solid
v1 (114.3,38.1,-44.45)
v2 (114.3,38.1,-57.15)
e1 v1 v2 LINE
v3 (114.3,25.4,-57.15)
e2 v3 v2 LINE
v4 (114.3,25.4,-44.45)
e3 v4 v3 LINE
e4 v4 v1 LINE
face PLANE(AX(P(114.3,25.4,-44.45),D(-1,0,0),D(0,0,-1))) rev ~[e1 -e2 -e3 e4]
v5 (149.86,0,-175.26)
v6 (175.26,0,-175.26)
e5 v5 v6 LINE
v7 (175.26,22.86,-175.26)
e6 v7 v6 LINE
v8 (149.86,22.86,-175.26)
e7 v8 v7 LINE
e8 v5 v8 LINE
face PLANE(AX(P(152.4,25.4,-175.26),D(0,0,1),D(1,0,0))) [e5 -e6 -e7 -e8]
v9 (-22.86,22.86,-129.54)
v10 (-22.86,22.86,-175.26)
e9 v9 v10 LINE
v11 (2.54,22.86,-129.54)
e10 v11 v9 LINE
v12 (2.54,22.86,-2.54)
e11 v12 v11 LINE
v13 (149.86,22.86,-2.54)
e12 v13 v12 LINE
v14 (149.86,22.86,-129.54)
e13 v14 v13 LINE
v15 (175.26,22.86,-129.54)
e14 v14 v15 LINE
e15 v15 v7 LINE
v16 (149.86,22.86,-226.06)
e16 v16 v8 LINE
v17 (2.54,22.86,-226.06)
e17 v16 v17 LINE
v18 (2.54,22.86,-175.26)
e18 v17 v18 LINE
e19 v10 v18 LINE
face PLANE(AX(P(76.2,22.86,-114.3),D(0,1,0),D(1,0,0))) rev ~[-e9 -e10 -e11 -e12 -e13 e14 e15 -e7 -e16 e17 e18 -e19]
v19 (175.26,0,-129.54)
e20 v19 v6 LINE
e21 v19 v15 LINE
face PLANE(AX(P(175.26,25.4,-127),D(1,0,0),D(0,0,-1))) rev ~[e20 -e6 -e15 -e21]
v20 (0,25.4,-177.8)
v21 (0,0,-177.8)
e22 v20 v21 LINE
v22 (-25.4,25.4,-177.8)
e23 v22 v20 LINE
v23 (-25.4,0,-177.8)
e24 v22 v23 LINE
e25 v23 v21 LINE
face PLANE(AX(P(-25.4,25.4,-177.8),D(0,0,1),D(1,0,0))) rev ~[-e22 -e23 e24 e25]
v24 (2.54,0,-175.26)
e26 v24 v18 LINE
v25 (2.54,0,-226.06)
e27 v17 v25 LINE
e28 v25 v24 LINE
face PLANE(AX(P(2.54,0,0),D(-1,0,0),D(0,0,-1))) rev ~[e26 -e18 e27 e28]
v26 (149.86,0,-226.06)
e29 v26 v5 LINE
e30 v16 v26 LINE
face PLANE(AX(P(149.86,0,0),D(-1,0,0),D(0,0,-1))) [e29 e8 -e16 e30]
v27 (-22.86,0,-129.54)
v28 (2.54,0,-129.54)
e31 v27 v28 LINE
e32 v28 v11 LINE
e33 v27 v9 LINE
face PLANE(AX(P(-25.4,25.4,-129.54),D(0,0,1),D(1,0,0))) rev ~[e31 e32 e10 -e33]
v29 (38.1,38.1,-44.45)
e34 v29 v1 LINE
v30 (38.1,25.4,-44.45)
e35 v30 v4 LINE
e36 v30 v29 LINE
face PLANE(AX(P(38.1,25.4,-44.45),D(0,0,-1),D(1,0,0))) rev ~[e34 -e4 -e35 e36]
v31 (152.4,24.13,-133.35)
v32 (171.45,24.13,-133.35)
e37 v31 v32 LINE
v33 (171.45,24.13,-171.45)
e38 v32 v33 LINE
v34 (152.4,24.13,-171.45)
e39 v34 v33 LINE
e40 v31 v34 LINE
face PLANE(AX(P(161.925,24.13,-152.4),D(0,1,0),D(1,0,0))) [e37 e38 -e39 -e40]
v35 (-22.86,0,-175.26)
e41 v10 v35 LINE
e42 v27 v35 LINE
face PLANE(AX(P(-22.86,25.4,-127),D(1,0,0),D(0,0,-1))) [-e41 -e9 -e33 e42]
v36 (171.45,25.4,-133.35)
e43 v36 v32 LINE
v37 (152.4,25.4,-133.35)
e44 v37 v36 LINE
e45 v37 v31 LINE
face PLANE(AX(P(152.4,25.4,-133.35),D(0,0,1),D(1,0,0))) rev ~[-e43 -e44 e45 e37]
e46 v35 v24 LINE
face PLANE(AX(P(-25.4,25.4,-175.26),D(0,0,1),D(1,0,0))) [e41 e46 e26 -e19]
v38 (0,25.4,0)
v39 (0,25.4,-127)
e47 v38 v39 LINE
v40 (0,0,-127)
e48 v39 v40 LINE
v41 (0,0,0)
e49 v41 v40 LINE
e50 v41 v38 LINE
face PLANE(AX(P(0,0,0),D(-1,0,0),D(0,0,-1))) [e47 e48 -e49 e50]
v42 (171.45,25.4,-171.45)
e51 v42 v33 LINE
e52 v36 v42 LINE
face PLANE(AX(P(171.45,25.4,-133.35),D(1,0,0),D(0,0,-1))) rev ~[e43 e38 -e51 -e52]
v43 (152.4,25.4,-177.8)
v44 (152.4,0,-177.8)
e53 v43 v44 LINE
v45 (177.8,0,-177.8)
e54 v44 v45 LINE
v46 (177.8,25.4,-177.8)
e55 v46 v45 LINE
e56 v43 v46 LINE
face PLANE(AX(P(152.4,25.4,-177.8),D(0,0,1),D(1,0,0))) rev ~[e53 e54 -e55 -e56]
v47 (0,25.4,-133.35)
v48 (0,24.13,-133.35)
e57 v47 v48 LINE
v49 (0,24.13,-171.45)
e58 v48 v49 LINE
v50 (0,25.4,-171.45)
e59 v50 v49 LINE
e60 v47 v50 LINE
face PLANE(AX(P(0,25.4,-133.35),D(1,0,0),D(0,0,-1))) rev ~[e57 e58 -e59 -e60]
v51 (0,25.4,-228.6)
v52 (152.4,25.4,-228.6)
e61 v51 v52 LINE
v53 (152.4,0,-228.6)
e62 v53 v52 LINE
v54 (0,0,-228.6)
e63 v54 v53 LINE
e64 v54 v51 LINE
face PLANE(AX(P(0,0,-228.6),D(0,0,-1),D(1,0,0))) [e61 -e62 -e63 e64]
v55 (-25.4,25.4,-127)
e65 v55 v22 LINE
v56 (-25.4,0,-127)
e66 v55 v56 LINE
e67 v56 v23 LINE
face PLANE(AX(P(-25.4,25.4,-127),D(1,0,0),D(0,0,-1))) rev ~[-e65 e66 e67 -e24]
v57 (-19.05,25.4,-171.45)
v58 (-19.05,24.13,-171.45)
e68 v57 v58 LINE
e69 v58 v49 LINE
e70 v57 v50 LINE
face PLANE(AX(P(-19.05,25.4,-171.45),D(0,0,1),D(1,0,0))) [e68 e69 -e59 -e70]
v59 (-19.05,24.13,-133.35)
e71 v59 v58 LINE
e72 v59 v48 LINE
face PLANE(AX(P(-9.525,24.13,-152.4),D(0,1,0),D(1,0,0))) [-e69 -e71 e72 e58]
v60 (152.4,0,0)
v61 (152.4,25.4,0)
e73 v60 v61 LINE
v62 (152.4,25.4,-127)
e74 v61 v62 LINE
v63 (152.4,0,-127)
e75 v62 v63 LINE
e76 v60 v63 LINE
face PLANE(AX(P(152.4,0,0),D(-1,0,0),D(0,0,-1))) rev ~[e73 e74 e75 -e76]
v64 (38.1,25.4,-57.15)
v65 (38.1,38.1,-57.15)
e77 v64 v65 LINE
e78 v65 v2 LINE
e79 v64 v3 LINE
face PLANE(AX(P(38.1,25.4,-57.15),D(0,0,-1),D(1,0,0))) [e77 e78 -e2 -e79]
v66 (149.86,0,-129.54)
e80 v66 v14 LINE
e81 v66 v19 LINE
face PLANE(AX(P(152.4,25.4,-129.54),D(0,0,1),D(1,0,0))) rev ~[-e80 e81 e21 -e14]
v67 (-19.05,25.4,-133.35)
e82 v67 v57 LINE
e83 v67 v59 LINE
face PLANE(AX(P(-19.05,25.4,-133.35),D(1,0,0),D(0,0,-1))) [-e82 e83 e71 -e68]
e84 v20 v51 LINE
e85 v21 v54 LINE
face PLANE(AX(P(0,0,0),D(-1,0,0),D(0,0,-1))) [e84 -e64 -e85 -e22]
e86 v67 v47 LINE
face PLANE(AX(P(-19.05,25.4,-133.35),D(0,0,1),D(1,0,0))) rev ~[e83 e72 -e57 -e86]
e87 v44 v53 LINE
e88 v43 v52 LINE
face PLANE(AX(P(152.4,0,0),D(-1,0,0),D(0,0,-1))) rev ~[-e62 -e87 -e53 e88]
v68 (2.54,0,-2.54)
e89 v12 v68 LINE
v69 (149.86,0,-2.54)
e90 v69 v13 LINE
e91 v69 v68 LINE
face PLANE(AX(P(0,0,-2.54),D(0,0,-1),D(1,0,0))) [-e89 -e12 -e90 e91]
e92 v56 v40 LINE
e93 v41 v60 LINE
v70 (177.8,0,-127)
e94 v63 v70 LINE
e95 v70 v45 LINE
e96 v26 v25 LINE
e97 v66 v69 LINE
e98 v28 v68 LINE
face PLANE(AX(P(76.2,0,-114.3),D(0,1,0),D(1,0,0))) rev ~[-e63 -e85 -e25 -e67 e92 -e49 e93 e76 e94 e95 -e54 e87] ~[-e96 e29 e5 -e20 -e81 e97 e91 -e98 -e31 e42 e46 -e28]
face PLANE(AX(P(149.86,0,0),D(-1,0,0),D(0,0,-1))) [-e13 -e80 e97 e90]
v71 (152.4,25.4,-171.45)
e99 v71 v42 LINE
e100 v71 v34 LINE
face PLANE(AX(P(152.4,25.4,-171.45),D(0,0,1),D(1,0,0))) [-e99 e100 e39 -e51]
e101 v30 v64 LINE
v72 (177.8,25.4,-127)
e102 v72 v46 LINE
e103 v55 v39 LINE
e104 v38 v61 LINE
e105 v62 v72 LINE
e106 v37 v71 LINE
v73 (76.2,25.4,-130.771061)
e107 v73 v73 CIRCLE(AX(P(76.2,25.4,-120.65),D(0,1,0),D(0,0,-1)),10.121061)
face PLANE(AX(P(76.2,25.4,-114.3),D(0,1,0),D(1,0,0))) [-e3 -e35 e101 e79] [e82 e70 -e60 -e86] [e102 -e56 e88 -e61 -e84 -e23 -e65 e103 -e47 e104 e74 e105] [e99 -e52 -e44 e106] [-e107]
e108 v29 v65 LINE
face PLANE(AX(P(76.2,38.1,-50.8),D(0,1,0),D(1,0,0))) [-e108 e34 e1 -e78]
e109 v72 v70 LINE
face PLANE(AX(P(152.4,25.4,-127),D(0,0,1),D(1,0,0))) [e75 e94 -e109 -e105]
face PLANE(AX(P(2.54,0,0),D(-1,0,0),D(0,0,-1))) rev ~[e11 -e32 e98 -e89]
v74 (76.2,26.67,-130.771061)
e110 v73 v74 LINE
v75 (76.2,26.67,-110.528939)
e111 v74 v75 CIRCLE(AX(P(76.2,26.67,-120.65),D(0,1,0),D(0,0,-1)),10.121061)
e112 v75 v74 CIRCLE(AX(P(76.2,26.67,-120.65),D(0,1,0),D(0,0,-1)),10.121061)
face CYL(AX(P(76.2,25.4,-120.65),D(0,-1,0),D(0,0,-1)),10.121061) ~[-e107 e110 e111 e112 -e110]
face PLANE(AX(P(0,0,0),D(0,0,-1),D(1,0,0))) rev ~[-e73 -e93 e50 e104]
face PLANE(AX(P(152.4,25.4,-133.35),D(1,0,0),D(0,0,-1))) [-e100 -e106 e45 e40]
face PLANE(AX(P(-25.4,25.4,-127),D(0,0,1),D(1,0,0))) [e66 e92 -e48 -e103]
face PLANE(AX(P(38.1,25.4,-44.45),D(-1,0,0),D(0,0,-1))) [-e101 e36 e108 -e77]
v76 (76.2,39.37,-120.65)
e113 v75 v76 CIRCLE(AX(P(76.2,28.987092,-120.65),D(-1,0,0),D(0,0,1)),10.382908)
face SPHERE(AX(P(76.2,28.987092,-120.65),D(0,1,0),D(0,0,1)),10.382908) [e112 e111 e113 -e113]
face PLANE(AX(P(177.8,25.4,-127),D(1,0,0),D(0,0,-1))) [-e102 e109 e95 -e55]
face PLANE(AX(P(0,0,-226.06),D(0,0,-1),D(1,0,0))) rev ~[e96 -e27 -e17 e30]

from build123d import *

# Parameters (mm, degrees)
SKETCH1_W           = 152.4
SKETCH1_H           = 228.6
BOSS_EXTRUDE1_DEPTH = 25.4
SKETCH5_W           = 25.4
SKETCH5_H           = 50.8
BOSS_EXTRUDE5_DEPTH = 25.4
SHELL1_T            = -2.54
SKETCH4_W           = 76.2
SKETCH4_H           = 12.7
BOSS_EXTRUDE4_DEPTH = 12.7
SKETCH3_R           = 10.121060994
BOSS_EXTRUDE3_DEPTH = 1.27
DOME1_FACE_RADIUS   = 10.121060994
DOME1_HEIGHT        = 12.7
SKETCH7_W           = 19.05
SKETCH7_H           = 38.1
CUT_EXTRUDE1_DEPTH  = 1.27


with BuildPart() as part:
    # Sketch1 → Boss-Extrude1 (new body)
    with BuildSketch(Plane(origin=(0, 0, 0), x_dir=(1, 0, 0), z_dir=(0, 1, 0))):
        with Locations((76.2, 114.3)):
            Rectangle(SKETCH1_W, SKETCH1_H)
    extrude(amount=BOSS_EXTRUDE1_DEPTH)

    # Sketch5 → Boss-Extrude5 (add)
    with BuildSketch(Plane(origin=(0, 25.4, 0), x_dir=(1, 0, 0), z_dir=(0, 1, 0))):
        with Locations((165.1, 152.4)):
            Rectangle(SKETCH5_W, SKETCH5_H)
        with Locations((-12.7, 152.4)):
            Rectangle(SKETCH5_W, SKETCH5_H)
    extrude(amount=-BOSS_EXTRUDE5_DEPTH)

    # Shell1
    shell1_openings = [part.faces().sort_by_distance(p)[0] for p in [
        (76.2, 0, -116.927586207),
    ]]
    offset(amount=SHELL1_T, openings=shell1_openings, kind=Kind.INTERSECTION)

    # Sketch4 → Boss-Extrude4 (add)
    with BuildSketch(Plane(origin=(0, 25.4, 0), x_dir=(1, 0, 0), z_dir=(0, 1, 0))):
        with Locations((76.2, 50.8)):
            Rectangle(SKETCH4_W, SKETCH4_H)
    extrude(amount=BOSS_EXTRUDE4_DEPTH)

    # Sketch3 → Boss-Extrude3 (add)
    with BuildSketch(Plane(origin=(0, 25.4, 0), x_dir=(1, 0, 0), z_dir=(0, 1, 0))):
        with Locations(Location((76.2, 120.65, 0), (0, 0, 90))):
            Circle(SKETCH3_R)
    extrude(amount=BOSS_EXTRUDE3_DEPTH)

    # Dome1: a dome of height H over a round flat face of radius A is a cap of a sphere of radius (A * A + H * H) / (2 * H)
    dome1_r = (DOME1_FACE_RADIUS * DOME1_FACE_RADIUS + DOME1_HEIGHT * DOME1_HEIGHT) / (2 * DOME1_HEIGHT)
    dome1_base = Plane((76.2, 26.67, -120.65), z_dir=(0, 1, 0))
    with Locations(dome1_base.offset(DOME1_HEIGHT - dome1_r)):
        dome1_ball = Sphere(dome1_r, mode=Mode.PRIVATE)
    add(split(dome1_ball, bisect_by=dome1_base, keep=Keep.TOP, mode=Mode.PRIVATE))

    # Sketch7 → Cut-Extrude1 (cut)
    with BuildSketch(Plane(origin=(0, 25.4, 0), x_dir=(1, 0, 0), z_dir=(0, 1, 0))):
        with Locations((-9.525, 152.4)):
            Rectangle(SKETCH7_W, SKETCH7_H)
        with Locations((161.925, 152.4)):
            Rectangle(SKETCH7_W, SKETCH7_H)
    extrude(amount=-CUT_EXTRUDE1_DEPTH, mode=Mode.SUBTRACT)


solid = part.part
